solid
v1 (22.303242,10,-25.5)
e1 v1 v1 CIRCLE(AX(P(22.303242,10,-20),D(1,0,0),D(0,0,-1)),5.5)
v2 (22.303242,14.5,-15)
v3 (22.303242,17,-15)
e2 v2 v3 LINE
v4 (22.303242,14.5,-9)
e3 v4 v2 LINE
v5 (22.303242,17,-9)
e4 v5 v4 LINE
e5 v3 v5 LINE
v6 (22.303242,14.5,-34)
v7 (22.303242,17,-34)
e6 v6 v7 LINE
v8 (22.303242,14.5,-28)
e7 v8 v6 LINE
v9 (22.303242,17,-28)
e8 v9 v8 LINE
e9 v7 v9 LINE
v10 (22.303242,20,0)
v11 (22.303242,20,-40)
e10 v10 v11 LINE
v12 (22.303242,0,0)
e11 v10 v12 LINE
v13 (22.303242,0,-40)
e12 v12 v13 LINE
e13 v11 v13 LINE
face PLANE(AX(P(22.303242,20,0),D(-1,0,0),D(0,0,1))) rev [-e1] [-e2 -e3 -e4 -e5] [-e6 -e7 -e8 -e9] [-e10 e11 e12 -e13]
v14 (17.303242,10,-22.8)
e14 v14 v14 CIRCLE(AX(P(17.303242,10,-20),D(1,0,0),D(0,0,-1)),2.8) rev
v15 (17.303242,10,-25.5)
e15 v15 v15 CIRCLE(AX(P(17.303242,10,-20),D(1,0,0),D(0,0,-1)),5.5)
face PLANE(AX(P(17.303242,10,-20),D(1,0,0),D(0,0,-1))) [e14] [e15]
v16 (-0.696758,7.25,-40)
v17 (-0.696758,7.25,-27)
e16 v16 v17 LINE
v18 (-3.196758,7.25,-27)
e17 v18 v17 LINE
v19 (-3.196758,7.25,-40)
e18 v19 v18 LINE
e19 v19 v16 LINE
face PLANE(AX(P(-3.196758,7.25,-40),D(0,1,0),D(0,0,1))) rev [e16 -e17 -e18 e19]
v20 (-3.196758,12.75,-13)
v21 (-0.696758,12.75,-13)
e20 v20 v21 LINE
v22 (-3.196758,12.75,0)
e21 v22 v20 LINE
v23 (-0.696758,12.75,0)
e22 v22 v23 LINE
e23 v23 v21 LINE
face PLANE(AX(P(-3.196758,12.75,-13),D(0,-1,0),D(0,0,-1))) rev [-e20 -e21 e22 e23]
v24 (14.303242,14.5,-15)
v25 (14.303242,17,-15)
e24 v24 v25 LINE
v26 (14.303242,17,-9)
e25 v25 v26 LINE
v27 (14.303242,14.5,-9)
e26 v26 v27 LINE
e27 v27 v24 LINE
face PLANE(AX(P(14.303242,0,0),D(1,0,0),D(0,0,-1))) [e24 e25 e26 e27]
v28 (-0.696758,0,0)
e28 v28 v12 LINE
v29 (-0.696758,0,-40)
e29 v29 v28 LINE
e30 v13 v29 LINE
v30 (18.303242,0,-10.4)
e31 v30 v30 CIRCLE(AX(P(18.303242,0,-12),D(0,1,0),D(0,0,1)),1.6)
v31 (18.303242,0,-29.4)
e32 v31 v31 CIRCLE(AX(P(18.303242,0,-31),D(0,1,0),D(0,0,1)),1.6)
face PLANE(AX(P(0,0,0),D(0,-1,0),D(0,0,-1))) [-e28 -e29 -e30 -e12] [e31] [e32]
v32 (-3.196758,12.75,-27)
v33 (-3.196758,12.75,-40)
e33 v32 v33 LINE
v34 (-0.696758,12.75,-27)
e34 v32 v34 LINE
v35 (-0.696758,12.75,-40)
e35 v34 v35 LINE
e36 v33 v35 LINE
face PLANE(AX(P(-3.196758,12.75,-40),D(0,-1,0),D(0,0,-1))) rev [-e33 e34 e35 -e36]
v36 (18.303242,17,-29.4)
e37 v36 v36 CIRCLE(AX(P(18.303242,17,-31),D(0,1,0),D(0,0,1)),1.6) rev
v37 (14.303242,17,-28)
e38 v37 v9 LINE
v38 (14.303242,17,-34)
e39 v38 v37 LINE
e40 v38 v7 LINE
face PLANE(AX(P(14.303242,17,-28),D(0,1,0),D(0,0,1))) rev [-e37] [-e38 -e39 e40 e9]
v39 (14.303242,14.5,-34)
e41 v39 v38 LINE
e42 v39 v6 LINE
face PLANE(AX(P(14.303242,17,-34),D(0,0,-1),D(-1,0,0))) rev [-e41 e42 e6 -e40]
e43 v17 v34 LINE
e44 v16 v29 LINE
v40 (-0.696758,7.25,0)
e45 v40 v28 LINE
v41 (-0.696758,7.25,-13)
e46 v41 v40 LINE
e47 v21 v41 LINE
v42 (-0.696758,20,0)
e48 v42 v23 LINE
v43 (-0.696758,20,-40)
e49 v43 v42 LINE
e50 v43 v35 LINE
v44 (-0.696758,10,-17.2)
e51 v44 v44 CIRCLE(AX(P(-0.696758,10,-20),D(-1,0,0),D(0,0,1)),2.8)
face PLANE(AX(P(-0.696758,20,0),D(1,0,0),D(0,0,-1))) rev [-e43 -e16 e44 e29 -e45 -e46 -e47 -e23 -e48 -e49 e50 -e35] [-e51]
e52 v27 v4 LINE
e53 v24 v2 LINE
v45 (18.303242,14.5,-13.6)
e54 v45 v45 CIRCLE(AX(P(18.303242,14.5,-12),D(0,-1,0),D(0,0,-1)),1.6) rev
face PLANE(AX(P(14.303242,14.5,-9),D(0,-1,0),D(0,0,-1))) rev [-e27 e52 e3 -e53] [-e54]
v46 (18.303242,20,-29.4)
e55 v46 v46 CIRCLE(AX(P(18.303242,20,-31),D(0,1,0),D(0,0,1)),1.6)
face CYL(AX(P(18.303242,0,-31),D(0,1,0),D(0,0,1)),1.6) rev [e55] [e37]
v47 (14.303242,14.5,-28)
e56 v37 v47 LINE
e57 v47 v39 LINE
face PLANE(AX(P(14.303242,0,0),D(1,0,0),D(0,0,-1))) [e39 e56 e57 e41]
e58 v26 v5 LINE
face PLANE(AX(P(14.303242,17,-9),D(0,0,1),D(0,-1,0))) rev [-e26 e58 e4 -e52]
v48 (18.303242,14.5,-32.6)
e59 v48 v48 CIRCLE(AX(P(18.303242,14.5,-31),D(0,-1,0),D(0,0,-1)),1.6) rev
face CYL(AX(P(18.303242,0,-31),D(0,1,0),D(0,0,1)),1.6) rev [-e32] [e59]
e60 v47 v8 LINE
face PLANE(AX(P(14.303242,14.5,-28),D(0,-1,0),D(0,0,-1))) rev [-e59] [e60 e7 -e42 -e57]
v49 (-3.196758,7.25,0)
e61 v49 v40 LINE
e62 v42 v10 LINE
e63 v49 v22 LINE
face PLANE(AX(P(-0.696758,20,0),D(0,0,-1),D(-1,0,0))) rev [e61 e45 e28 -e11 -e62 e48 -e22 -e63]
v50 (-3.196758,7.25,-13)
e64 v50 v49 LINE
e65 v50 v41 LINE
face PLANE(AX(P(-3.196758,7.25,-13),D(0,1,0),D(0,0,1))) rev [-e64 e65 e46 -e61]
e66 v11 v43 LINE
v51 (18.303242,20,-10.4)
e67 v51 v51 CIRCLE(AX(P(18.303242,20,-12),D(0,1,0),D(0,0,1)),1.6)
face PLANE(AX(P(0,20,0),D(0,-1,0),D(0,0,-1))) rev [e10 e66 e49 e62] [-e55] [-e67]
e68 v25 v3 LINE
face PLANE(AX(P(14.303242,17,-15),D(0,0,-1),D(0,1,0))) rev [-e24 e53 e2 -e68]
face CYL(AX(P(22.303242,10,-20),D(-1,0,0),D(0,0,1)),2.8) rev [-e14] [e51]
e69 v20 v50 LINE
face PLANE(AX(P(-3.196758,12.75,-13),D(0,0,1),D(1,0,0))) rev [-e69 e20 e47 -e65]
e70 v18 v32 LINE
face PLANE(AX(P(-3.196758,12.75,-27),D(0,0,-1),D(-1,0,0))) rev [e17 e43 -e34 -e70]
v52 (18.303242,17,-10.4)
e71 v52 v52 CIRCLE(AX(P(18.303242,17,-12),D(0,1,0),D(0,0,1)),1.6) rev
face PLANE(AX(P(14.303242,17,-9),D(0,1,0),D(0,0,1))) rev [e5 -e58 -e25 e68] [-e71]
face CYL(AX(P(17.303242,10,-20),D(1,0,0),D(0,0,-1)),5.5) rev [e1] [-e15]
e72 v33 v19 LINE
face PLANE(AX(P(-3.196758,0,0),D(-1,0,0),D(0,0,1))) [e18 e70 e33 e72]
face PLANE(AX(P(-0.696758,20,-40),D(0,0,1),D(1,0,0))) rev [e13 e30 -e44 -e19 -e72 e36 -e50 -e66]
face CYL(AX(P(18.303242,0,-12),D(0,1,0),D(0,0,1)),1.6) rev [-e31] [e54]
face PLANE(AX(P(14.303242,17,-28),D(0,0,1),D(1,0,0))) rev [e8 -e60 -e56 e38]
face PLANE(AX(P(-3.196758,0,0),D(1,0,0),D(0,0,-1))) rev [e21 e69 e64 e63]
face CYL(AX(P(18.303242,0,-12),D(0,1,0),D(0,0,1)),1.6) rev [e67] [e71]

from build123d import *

# Parameters (mm, degrees)
SKETCH1_W           = 23
SKETCH1_H           = 40
BOSS_EXTRUDE1_DEPTH = 20
SKETCH5_R           = 1.6
CUT_EXTRUDE3_DEPTH  = 21
SKETCH6_W           = 6
SKETCH6_H           = 2.5
CUT_EXTRUDE4_DEPTH  = 8
SKETCH7_R           = 2.8
CUT_EXTRUDE5_DEPTH  = 24
SKETCH8_R           = 5.5
CUT_EXTRUDE6_DEPTH  = 5
SKETCH9_W           = 13
SKETCH9_H           = 5.5
BOSS_EXTRUDE6_DEPTH = 2.5


with BuildPart() as part:
    # Sketch1 → Boss-Extrude1 (new body)
    with BuildSketch(Plane(origin=(0, 0, 0), x_dir=(1, 0, 0), z_dir=(0, 1, 0))):
        with Locations((10.80324178, 20)):
            Rectangle(SKETCH1_W, SKETCH1_H)
    extrude(amount=BOSS_EXTRUDE1_DEPTH)

    # Sketch5 → Cut-Extrude3 (cut, through all)
    with BuildSketch(Plane(origin=(0, 20, 0), x_dir=(1, 0, 0), z_dir=(0, 1, 0))):
        with Locations((18.30324178, 12)):
            Circle(SKETCH5_R)
        with Locations((18.30324178, 31)):
            Circle(SKETCH5_R)
    extrude(amount=-CUT_EXTRUDE3_DEPTH, mode=Mode.SUBTRACT)

    # Sketch6 → Cut-Extrude4 (cut)
    with BuildSketch(Plane(origin=(22.30324178, 0, 0), x_dir=(0, 0, -1), z_dir=(1, 0, 0))):
        with Locations((12, 15.75)):
            Rectangle(SKETCH6_W, SKETCH6_H)
        with Locations((31, 15.75)):
            Rectangle(SKETCH6_W, SKETCH6_H)
    extrude(amount=-CUT_EXTRUDE4_DEPTH, mode=Mode.SUBTRACT)

    # Sketch7 → Cut-Extrude5 (cut, through all)
    with BuildSketch(Plane.ZY.offset(0.69675822)):
        with Locations((-20, 10)):
            Circle(SKETCH7_R)
    extrude(amount=-CUT_EXTRUDE5_DEPTH, mode=Mode.SUBTRACT)

    # Sketch8 → Cut-Extrude6 (cut)
    with BuildSketch(Plane(origin=(22.30324178, 0, 0), x_dir=(0, 0, -1), z_dir=(1, 0, 0))):
        with Locations((20, 10)):
            Circle(SKETCH8_R)
    extrude(amount=-CUT_EXTRUDE6_DEPTH, mode=Mode.SUBTRACT)

    # Sketch9 → Boss-Extrude6 (add)
    with BuildSketch(Plane.ZY.offset(0.69675822)):
        with Locations((-33.5, 10)):
            Rectangle(SKETCH9_W, SKETCH9_H)
        with Locations((-6.5, 10)):
            Rectangle(SKETCH9_W, SKETCH9_H)
    extrude(amount=BOSS_EXTRUDE6_DEPTH)


solid = part.part
